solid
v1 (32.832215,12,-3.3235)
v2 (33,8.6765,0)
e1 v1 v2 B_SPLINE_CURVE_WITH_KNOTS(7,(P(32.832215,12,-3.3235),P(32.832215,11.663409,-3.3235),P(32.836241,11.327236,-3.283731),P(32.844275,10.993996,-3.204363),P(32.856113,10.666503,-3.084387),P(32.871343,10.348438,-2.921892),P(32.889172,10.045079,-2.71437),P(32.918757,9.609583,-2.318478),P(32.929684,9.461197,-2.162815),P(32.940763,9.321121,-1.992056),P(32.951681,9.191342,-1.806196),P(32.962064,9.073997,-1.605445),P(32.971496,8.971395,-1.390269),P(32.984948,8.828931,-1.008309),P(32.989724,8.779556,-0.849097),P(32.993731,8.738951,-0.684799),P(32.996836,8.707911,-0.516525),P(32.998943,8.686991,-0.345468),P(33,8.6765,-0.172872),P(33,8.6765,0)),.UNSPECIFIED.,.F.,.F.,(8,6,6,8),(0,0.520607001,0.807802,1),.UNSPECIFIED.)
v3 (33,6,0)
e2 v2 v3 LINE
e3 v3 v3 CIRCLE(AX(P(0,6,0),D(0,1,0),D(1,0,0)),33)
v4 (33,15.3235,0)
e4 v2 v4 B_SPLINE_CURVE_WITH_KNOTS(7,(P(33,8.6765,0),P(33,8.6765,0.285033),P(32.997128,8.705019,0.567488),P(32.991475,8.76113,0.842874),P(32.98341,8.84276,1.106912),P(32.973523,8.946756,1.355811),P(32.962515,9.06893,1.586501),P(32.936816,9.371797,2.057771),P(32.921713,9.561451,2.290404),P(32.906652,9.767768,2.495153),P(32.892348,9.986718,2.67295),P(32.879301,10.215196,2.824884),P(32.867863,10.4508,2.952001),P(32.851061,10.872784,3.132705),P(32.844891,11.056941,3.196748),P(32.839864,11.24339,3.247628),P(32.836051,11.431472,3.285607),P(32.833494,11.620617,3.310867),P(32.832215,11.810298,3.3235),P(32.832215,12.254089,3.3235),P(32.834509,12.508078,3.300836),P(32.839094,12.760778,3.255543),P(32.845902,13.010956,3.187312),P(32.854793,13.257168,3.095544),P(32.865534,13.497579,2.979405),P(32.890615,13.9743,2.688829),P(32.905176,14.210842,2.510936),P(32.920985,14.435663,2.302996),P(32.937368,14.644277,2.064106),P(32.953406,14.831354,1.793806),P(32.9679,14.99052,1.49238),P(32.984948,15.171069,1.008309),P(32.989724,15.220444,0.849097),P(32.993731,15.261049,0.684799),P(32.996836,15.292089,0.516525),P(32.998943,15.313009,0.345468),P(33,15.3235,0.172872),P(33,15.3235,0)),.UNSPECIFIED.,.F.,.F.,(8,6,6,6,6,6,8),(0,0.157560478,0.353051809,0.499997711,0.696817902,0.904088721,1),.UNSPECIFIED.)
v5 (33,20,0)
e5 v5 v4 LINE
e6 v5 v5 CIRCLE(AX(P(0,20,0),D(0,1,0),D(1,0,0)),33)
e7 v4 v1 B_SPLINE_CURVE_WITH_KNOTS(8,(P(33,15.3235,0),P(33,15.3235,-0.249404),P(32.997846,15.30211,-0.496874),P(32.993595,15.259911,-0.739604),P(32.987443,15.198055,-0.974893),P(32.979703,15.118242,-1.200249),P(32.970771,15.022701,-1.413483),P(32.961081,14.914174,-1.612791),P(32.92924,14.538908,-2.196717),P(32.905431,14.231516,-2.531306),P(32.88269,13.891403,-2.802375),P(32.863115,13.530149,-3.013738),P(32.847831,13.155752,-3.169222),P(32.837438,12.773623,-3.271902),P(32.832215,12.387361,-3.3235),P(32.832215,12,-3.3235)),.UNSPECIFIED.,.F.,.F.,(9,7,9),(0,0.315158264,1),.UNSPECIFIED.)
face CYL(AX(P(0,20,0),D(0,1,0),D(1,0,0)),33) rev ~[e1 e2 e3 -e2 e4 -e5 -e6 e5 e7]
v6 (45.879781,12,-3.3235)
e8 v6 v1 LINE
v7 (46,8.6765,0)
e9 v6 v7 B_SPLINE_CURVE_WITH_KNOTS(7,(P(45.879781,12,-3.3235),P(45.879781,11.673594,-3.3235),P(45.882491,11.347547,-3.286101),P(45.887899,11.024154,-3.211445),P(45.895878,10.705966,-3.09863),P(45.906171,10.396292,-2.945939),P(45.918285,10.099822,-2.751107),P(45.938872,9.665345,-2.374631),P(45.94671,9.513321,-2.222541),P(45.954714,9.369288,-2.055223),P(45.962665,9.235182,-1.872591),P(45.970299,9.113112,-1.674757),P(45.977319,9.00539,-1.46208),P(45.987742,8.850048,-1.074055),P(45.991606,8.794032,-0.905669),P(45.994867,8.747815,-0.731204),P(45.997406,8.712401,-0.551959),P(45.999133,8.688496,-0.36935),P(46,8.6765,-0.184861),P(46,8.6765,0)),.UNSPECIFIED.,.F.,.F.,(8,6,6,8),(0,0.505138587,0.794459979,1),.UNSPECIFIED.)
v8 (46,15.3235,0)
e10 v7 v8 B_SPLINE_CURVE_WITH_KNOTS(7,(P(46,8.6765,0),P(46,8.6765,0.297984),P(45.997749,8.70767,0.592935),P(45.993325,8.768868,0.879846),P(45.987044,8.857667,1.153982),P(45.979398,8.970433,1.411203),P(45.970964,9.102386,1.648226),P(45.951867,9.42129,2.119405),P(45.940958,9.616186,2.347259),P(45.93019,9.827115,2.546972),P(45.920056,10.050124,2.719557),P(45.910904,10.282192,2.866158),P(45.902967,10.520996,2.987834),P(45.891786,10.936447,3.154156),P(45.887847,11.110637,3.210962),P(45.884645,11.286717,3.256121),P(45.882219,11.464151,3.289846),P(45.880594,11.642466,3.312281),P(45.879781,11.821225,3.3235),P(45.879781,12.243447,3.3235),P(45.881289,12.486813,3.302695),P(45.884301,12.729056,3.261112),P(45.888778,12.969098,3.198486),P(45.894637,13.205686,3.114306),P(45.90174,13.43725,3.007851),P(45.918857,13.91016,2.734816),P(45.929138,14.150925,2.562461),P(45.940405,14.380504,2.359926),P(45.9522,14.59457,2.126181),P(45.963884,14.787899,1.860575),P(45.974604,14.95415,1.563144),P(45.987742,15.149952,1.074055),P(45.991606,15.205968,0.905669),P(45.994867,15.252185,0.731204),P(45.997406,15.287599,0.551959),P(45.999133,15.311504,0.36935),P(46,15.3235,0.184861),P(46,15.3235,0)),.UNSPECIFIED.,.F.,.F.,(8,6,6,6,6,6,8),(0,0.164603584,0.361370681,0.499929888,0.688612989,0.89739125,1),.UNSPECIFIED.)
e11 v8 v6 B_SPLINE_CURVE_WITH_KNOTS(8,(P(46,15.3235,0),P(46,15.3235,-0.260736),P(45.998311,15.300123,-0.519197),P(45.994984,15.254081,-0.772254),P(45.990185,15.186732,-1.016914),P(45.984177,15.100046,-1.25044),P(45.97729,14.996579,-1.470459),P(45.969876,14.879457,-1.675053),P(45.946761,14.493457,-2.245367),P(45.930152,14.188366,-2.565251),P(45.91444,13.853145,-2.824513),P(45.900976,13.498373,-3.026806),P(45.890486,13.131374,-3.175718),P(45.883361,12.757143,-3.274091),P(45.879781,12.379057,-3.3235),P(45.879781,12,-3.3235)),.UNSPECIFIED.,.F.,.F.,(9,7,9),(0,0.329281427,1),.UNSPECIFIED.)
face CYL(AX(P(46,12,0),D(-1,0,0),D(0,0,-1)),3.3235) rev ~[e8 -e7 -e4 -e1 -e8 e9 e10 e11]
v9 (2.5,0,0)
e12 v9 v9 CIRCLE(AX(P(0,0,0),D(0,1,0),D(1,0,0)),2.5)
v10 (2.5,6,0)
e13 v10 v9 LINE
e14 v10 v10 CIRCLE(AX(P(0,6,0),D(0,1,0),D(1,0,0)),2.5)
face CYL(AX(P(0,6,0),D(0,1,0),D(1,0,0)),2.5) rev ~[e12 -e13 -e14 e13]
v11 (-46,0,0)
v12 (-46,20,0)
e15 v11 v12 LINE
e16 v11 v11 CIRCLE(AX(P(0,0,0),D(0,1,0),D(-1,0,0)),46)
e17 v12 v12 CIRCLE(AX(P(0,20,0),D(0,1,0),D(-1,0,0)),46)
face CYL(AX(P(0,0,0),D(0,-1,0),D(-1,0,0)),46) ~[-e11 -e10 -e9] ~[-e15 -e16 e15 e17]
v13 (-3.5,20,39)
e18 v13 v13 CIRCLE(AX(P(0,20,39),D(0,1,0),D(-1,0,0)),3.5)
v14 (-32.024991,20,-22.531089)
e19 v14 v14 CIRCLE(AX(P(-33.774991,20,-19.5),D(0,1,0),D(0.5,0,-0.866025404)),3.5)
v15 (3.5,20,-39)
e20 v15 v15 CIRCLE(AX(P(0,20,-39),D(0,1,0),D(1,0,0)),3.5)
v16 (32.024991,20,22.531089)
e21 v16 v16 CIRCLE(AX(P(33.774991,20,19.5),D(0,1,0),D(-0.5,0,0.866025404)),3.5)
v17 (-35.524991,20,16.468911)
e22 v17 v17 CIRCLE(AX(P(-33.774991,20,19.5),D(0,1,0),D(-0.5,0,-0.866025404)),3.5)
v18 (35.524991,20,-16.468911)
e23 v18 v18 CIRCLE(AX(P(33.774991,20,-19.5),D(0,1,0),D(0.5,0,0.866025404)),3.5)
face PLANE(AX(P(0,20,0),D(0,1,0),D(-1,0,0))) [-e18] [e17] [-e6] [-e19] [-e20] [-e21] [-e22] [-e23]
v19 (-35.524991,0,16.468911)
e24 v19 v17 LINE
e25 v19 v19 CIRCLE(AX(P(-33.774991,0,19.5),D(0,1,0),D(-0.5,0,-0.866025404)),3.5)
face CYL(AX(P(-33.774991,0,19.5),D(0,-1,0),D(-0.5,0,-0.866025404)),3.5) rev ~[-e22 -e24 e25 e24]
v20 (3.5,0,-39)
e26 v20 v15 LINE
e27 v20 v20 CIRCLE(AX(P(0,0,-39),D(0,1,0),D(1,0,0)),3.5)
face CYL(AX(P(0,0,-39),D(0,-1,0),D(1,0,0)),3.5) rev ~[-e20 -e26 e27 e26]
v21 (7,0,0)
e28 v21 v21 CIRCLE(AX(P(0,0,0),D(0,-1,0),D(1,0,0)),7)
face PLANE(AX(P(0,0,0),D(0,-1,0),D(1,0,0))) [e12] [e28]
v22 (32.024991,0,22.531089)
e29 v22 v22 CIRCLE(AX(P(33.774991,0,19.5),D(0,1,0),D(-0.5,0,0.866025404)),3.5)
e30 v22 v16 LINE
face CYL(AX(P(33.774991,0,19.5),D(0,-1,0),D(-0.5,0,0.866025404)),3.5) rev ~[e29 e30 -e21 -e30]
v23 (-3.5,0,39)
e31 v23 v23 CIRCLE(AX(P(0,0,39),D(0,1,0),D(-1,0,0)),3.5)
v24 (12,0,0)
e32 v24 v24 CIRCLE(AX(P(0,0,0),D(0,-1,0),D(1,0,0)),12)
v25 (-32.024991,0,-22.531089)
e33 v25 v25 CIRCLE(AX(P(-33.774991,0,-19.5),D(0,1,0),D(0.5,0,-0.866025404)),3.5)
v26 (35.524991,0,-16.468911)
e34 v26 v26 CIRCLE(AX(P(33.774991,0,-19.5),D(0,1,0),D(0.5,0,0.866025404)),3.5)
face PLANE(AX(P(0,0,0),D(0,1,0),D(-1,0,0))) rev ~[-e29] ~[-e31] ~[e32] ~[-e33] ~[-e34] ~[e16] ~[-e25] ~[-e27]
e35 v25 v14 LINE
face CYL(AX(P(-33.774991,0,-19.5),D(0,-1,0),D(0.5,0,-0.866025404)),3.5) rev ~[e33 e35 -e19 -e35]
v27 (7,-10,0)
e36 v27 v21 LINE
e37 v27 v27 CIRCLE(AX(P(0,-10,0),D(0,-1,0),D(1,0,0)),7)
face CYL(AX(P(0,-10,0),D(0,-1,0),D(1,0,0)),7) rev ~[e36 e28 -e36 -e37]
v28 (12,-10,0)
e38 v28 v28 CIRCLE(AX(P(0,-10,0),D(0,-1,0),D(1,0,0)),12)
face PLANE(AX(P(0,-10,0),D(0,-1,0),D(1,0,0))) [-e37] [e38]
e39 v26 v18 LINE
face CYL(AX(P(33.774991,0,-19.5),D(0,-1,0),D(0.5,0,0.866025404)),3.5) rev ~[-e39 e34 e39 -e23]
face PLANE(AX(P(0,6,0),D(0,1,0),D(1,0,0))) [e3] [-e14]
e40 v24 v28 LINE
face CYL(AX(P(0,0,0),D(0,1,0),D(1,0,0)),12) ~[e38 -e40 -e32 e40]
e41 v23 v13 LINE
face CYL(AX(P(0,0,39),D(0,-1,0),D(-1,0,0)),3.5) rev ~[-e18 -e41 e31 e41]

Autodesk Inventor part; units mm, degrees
ref_plane "XZ Plane" through (0, 0, 0) normal (0, 1, 0) x (-1, 0, 0)
ref_plane "XY Plane" through (0, 0, 0) normal (0, 0, 1) x (1, 0, 0)
sketch "Sketch1" plane through (0, 0, 0) normal (0, 1, 0) x (-1, 0, 0)
  circle A0 centre (0, 0) radius 46
  dimension "d0" = 92
extrude "Extrusion1" add sketch "Sketch1" along normal blind 20
sketch "Sketch2" plane through (0, 20, 0) normal (0, 1, 0) x (1, 0, 0)
  circle A0 centre (0, 0) radius 33
  dimension "d3" = 66
extrude "Extrusion2" cut sketch "Sketch2" against normal blind 14
sketch "Sketch3" plane through (0, 6, 0) normal (0, 1, 0) x (1, 0, 0)
  circle A0 centre (0, 0) radius 2.5
  dimension "d6" = 5
extrude "Extrusion3" cut sketch "Sketch3" against normal blind 6
sketch "Sketch4" plane through (0, 0, 0) normal (0, -1, 0) x (1, 0, 0)
  circle A0 centre (0, 0) radius 12
  dimension "d9" = 24
extrude "Extrusion4" add sketch "Sketch4" along normal blind 10
sketch "Sketch5" plane through (0, 0, 0) normal (0, -1, 0) x (1, 0, 0)
  circle A0 centre (0, 0) radius 2.5 projected
  line L0 (0, 0) -> (0, -39)
  circle A1 centre (0, -39) radius 3.5
  dimension "d12" = 39
  dimension "d13" = 7
extrude "Extrusion5" cut sketch "Sketch5" against normal blind 20 contours A1
pattern_circular "Circular Pattern1" count 6 over 360 about axis through (0, 0, 0) along (0, -1, 0) of "Extrusion5"
sketch "Sketch6" plane through (0, -10, 0) normal (0, -1, 0) x (1, 0, 0)
  circle A0 centre (0, 0) radius 2.5 projected
  circle A1 centre (0, 0) radius 7
  dimension "d19" = 14
extrude "Extrusion6" cut sketch "Sketch6" against normal blind 10 contours A0 | A1
ref_plane "Work Plane2" through (46, 0, 0) normal (1, 0, 0) x (0, 1, 0)
sketch "Sketch8" plane through (46, 0, 0) normal (1, 0, 0) x (0, 1, 0)
  point P0 (0, 0)
  point P1 (12, 0)
  point P2 (12, 0)
hole "Hole1" at (46, 12, 0) direction (-1, 0, 0) diameter 6.647 depth 22.2 tip angle 118 thread size "M8x1.25" class "6H" standard "ISO Metric profile"
properties part number "valve housing"
